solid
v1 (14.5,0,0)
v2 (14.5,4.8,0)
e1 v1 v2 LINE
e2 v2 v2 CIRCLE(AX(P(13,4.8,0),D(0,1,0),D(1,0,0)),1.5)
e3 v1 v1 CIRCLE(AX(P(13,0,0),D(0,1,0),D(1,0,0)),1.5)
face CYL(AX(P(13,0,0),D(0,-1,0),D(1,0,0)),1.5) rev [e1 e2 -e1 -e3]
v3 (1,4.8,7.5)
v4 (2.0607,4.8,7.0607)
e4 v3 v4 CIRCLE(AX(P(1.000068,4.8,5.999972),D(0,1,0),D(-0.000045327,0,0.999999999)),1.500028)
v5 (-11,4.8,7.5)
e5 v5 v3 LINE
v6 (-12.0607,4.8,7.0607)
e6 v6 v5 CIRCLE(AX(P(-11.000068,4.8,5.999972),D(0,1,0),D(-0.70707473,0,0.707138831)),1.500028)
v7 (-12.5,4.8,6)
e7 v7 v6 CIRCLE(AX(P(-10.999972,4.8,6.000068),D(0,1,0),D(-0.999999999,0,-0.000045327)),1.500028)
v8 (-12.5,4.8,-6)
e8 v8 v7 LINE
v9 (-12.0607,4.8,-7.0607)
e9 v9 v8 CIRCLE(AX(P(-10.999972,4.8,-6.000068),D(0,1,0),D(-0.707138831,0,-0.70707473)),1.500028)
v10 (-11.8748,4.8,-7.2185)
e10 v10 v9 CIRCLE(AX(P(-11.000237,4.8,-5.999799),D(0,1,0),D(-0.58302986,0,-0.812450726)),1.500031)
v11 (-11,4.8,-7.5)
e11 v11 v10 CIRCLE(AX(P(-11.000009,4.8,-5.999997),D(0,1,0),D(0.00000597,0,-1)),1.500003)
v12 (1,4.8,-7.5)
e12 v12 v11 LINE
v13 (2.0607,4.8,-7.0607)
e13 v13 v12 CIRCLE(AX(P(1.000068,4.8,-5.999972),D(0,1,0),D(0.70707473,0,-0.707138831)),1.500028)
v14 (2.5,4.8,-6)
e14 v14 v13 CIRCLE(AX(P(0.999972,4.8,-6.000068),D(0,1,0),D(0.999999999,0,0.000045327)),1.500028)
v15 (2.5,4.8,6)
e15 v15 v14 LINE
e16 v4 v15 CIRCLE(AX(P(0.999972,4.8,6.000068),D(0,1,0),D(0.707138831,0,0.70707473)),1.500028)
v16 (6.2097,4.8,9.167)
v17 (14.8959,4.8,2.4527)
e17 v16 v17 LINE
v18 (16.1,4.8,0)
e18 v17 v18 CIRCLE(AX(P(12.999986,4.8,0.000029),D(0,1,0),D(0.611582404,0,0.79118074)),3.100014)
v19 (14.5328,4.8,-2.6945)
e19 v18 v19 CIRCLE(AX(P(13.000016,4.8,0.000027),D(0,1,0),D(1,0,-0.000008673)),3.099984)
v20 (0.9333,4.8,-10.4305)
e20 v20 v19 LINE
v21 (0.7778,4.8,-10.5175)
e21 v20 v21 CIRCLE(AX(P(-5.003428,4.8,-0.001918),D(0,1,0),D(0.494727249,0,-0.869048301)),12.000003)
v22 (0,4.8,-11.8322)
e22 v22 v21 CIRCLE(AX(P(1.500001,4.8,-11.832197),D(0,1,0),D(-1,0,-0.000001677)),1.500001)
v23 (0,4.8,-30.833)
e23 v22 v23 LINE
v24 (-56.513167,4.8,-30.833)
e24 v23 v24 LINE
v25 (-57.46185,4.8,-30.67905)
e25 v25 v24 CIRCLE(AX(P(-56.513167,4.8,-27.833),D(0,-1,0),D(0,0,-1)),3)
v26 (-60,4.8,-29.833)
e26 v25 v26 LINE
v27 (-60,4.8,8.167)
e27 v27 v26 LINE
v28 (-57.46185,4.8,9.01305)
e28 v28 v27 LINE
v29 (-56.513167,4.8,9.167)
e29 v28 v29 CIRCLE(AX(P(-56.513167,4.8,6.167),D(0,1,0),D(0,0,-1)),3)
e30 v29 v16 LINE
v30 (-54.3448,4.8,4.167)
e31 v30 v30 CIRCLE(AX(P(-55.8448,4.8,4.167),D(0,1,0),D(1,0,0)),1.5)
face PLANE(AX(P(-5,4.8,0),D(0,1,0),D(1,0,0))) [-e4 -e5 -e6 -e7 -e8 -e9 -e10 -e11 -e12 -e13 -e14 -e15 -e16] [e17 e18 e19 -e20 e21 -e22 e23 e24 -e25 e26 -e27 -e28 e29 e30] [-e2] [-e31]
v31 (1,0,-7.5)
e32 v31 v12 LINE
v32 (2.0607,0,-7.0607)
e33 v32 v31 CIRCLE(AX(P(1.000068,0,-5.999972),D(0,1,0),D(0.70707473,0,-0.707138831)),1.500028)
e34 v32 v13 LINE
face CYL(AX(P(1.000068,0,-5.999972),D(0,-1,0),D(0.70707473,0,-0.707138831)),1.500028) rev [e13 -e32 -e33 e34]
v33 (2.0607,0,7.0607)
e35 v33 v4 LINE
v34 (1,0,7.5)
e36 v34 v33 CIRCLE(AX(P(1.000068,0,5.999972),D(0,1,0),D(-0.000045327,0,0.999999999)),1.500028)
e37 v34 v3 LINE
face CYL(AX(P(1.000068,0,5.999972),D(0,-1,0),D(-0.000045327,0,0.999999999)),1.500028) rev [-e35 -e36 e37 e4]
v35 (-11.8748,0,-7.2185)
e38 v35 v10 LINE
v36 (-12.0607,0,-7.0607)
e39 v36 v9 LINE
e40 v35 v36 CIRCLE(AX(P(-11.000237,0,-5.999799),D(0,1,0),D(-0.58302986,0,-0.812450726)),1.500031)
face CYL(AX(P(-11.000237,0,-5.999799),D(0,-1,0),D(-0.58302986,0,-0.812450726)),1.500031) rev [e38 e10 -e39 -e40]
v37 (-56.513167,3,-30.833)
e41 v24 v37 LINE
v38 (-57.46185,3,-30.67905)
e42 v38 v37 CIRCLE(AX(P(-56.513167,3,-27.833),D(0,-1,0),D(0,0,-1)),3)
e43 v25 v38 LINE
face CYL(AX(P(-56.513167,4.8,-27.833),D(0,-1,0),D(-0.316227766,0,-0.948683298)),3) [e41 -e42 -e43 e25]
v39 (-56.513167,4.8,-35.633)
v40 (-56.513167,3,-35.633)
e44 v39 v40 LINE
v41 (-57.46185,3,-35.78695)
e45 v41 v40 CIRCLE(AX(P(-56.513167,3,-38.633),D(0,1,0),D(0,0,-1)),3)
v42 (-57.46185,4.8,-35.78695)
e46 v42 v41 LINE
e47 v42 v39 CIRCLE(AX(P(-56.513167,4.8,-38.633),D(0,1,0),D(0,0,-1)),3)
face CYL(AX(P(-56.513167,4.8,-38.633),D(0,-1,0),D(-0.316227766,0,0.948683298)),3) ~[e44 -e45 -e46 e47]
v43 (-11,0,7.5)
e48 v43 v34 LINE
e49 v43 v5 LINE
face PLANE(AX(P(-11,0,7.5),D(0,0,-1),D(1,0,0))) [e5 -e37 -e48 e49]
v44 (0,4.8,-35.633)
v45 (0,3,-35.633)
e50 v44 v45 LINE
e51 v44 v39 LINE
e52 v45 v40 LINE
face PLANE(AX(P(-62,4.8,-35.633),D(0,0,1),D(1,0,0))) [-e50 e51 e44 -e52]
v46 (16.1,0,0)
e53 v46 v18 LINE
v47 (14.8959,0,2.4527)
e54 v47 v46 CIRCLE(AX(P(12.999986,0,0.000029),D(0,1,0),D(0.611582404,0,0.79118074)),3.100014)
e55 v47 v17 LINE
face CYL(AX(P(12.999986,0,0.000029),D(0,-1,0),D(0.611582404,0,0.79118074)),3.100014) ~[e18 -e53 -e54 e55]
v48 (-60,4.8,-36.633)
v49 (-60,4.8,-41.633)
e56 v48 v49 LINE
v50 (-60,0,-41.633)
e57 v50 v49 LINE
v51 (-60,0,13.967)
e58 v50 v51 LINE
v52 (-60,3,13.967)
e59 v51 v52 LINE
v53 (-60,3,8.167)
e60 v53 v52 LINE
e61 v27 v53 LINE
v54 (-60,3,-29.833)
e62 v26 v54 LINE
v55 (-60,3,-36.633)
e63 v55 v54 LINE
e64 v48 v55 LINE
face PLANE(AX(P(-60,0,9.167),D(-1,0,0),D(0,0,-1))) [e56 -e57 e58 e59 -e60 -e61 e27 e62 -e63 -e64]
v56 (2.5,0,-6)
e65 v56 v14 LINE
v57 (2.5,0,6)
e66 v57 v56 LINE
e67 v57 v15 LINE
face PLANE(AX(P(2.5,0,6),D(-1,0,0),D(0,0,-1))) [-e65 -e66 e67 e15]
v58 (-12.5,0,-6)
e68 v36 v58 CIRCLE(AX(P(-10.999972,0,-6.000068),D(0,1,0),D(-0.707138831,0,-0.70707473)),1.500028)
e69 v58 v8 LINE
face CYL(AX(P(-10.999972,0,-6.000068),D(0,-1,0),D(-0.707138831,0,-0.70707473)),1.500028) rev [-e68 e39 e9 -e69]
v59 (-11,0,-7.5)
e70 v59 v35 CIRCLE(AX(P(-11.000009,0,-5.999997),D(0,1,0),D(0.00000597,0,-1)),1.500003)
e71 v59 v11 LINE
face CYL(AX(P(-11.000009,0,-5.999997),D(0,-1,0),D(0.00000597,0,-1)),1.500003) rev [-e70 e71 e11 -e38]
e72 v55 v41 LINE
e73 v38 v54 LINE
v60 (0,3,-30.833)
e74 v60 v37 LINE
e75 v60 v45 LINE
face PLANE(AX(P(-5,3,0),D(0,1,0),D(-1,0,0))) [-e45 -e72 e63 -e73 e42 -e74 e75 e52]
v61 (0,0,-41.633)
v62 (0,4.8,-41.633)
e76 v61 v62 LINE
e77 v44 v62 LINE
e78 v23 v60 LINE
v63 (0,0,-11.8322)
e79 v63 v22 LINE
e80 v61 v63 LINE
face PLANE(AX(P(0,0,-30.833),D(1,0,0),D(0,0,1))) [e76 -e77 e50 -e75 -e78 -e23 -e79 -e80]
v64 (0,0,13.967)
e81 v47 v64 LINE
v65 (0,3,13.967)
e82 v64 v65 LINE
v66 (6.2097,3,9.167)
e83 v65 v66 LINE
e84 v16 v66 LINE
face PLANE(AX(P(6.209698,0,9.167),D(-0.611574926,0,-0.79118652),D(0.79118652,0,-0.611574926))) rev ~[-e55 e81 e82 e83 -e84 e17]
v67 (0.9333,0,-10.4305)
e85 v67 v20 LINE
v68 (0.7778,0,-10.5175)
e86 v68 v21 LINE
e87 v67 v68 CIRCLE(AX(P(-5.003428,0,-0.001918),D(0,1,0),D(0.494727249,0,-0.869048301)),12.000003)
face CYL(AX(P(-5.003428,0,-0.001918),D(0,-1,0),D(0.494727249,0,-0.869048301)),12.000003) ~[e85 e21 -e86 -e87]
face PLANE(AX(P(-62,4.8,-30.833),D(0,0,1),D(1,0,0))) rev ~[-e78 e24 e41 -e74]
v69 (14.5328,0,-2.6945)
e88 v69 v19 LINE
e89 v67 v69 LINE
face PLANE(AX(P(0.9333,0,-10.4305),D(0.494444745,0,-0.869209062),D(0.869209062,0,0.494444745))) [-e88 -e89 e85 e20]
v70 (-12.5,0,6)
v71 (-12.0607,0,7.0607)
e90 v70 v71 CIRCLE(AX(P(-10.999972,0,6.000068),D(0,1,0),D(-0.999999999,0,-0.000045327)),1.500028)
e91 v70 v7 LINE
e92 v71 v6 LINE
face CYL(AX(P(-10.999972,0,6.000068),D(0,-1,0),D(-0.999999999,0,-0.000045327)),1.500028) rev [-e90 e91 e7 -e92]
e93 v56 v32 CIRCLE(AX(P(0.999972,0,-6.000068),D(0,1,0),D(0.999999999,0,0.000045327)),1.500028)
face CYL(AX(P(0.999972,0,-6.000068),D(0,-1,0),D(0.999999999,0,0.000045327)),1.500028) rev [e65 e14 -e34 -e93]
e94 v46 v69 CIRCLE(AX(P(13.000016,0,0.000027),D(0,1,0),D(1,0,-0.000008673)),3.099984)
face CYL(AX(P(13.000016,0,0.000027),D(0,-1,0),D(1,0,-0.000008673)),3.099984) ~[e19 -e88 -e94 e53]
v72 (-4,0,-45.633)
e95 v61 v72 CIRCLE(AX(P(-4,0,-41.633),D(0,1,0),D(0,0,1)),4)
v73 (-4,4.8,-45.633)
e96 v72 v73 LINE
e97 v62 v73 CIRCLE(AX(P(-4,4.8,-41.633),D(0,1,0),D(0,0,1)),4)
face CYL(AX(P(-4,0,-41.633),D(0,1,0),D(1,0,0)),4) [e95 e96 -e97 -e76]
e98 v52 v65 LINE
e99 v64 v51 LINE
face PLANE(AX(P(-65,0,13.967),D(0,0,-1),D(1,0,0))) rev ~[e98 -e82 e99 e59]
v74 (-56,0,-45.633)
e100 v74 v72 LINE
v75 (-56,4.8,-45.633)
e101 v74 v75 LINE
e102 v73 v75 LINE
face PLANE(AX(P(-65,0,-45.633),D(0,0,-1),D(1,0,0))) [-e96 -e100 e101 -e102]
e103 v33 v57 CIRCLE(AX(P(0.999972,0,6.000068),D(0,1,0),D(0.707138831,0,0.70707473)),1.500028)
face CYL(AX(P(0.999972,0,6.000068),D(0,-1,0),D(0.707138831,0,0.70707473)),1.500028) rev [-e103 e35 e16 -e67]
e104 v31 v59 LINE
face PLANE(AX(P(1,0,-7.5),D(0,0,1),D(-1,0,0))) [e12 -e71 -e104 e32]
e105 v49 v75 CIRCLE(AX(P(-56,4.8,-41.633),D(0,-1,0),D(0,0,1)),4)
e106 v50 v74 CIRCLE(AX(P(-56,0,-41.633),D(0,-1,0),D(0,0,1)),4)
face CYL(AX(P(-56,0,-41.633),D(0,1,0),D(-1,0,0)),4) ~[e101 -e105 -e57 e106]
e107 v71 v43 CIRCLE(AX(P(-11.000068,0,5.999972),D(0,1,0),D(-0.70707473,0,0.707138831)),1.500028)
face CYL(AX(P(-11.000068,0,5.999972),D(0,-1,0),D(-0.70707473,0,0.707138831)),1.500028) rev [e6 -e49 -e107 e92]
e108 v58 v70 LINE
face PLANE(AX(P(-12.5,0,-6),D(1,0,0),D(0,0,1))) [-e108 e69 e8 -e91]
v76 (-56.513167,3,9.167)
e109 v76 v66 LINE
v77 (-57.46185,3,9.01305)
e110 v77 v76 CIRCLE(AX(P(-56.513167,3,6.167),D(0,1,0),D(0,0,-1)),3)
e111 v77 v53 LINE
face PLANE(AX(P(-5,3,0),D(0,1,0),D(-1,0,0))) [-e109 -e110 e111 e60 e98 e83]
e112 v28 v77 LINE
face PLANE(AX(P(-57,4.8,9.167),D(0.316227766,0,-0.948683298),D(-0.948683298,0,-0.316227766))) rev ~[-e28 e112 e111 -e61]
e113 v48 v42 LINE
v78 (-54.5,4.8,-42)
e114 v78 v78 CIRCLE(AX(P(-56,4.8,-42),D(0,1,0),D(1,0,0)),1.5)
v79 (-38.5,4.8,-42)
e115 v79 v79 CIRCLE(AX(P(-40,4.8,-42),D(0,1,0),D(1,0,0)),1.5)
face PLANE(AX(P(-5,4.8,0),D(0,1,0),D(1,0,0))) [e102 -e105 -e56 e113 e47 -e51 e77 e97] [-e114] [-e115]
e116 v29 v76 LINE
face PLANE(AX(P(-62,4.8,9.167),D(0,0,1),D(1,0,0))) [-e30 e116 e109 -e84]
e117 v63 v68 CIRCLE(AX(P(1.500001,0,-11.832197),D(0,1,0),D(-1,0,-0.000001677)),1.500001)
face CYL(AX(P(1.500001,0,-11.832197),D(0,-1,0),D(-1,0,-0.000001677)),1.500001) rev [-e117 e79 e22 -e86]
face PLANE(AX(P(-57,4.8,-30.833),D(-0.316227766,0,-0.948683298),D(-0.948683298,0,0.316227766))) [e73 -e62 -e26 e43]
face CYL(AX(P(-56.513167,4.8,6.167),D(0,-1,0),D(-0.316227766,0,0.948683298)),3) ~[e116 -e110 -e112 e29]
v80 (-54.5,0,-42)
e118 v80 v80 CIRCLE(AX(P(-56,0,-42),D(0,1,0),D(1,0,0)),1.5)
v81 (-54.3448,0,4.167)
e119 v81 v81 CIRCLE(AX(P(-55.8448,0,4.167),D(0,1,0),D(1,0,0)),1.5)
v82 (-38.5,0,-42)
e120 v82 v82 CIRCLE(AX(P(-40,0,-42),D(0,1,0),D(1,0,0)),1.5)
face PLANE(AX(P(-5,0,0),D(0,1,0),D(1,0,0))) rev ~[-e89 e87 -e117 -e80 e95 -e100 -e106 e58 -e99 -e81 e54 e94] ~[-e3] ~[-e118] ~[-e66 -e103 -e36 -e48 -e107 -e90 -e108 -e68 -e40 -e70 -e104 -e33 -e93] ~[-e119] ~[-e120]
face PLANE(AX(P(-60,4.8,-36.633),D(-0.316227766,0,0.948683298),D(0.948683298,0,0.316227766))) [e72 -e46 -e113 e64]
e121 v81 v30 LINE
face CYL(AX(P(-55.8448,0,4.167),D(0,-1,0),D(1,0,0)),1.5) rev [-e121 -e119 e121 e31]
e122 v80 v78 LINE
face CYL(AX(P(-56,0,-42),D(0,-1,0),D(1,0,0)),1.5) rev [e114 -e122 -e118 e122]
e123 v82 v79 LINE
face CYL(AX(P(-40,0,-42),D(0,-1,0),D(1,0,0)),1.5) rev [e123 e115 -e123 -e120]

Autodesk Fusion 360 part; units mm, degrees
sketch "Sketch1" plane through (0, 0, 0) normal (0, 1, 0) x (1, 0, 0)
  circle A0 centre (0, 0) radius 48 construction
  circle A1 centre (0, 0) radius 14 construction
  circle A2 centre (0, 0) radius 9.5 construction
  circle A3 centre (0, 0) radius 8 construction
  line L0 (0, 0) -> (8, 0) construction
  line L1 (0, 0) -> (0, -9.5) construction
  line L2 (0, 0) -> (-8, 0) construction
  line L3 (0, 0) -> (0, 9.5) construction
  circle A4 centre (8, 0) radius 1.5 construction
  circle A5 centre (-8, 0) radius 1.5 construction
  circle A6 centre (0, 9.5) radius 1.5 construction
  circle A7 centre (0, 0) radius 12 construction
  line L4 (8, 0) -> (18, 0) construction
  line L5 (21.1, 0) -> (19.55, 2.6847) construction
  line L6 (19.55, 2.6847) -> (16.45, 2.6847) construction
  line L7 (16.45, 2.6847) -> (14.9, 0) construction
  line L8 (14.9, 0) -> (16.45, -2.6847) construction
  line L9 (16.45, -2.6847) -> (19.55, -2.6847) construction
  line L10 (19.55, -2.6847) -> (21.1, 0) construction
  circle A8 centre (18, 0) radius 3.1 construction
  circle A9 centre (18, 0) radius 1.5
  line L11 (0, 52) -> (-68, 52) construction
  line L12 (-9.7468, 47) -> (-68, 47) construction
  line L13 (-68, 52) -> (-68, 47) construction
  line L14 (-68, 47) -> (-68, 35.633) construction
  line L15 (-68, 35.633) -> (-32.1604, 35.633) construction
  line L16 (-68, 35.633) -> (-68, 30.833) construction
  line L17 (-68, 30.833) -> (-36.7876, 30.833) construction
  line L18 (-68, 30.833) -> (-68, -9.167) construction
  line L19 (-60, -9.167) -> (-47.1165, -9.167)
  line L20 (-68, -9.167) -> (-68, -13.967) construction
  line L21 (-68, -13.967) -> (-45.923, -13.967) construction
  line L22 (-60, -13.967) -> (-60, 35.633)
  line L23 (5.9333, 10.4305) -> (19.5328, 2.6945)
  line L24 (-60, -13.967) -> (21.1, -13.967)
  line L25 (21.1, -13.967) -> (21.1, 0) construction
  arc A10 (21.1, 0) -> (19.5328, 2.6945) centre (18, 0) ccw
  line L26 (-60, 35.633) -> (5, 35.633)
  line L27 (5, 35.633) -> (5, 11.8322)
  arc A11 (5.9333, 10.4305) -> (5.7778, 10.5175) centre (0, 0) ccw
  arc A12 (5, 11.8322) -> (5.7778, 10.5175) centre (6.5, 11.8322) ccw
  arc A13 (5.7778, 10.5175) -> (7.9656, 11.513) centre (6.5, 11.8322) ccw construction
  arc A14 (5.4445, 12.898) -> (5, 11.8322) centre (6.5, 11.8322) ccw construction
  arc A15 (7.9656, 11.513) -> (5.4445, 12.898) centre (6.5, 11.8322) ccw construction
  line L28 (5, 11.8322) -> (5, 10.9087) construction
  arc A16 (5.7778, 10.5175) -> (5, 10.9087) centre (0, 0) ccw construction
  line L29 (-60, 30.833) -> (5, 30.833)
  line L30 (-47.1165, -9.167) -> (21.1, -9.167)
  line L31 (-60, 35.633) -> (-60, 45.633)
  line L32 (-60, 45.633) -> (5, 45.633)
  line L33 (5, 45.633) -> (5, 35.633)
  circle A17 centre (-56, 42) radius 1.5
  circle A18 centre (-40, 42) radius 1.5
  line L34 (-40, 42) -> (0, 0) construction
  circle A19 centre (-55.8448, -4.167) radius 1.5
  line L35 (0, 0) -> (-55.8448, -4.167) construction
  line L36 (-68, -9.167) -> (-60, -9.167) construction
  line L37 (-6, -7.5) -> (7.5, -7.5)
  line L38 (7.5, -7.5) -> (7.5, 7.5)
  line L39 (6, 7.5) -> (-7.5, 7.5)
  line L40 (-7.5, 7.5) -> (-7.5, -7.5)
  line L41 (-7.5, -7.5) -> (7.5, 7.5) construction
  line L42 (-7.5, 7.5) -> (7.5, -7.5) construction
  arc A20 (-7.5, -6) -> (-7.0607, -7.0607) centre (-6, -6) ccw
  arc A21 (-7.0607, -7.0607) -> (-6, -7.5) centre (-6, -6) ccw
  line L43 (-7.5, -7.5) -> (-6, -7.5)
  arc A22 (-6, -7.5) -> (-4.602, -6.5438) centre (-6, -6) ccw construction
  arc A23 (-4.9393, -4.9393) -> (-7.5, -6) centre (-6, -6) ccw construction
  arc A24 (-4.602, -6.5438) -> (-4.9393, -4.9393) centre (-6, -6) ccw construction
  arc A25 (6, -7.5) -> (7.0607, -7.0607) centre (6, -6) ccw
  arc A26 (7.0607, -7.0607) -> (7.5, -6) centre (6, -6) ccw
  arc A27 (7.5, -6) -> (6.5438, -4.602) centre (6, -6) ccw construction
  arc A28 (4.9393, -4.9393) -> (6, -7.5) centre (6, -6) ccw construction
  arc A29 (6.5438, -4.602) -> (4.9393, -4.9393) centre (6, -6) ccw construction
  arc A30 (7.0607, 7.0607) -> (6, 7.5) centre (6, 6) ccw
  arc A31 (7.5, 6) -> (7.0607, 7.0607) centre (6, 6) ccw
  arc A32 (6, 7.5) -> (6.5438, 4.602) centre (6, 6) ccw construction
  arc A33 (7.4916, 5.8417) -> (7.5, 6) centre (6, 6) ccw construction
  arc A34 (6.5438, 4.602) -> (7.4916, 5.8417) centre (6, 6) ccw construction
  arc A35 (-7.0607, 7.0607) -> (-7.5, 6) centre (-6, 6) ccw
  arc A36 (-6.8748, 7.2185) -> (-7.0607, 7.0607) centre (-6, 6) ccw
  arc A37 (-6, 7.5) -> (-6.8748, 7.2185) centre (-6, 6) ccw
  arc A38 (-7.5, 6) -> (-4.8256, 5.0669) centre (-6, 6) ccw construction
  arc A39 (-4.602, 6.5438) -> (-6, 7.5) centre (-6, 6) ccw construction
  arc A40 (-4.8256, 5.0669) -> (-4.602, 6.5438) centre (-6, 6) ccw construction
  line L44 (7.5, 7.5) -> (6, 7.5)
  line L45 (5, 11.8322) -> (5, -13.967) construction
  line L46 (5, -13.967) -> (19.8959, -2.4527)
  line L47 (18, 0) -> (21.1, 0) construction
  line L48 (18, 0) -> (19.8959, -2.4527) construction
  arc A41 (19.8959, -2.4527) -> (21.1, 0) centre (18, 0) ccw
  point P0 (18, 0)
  point P1 (-33.1034, 34.7586)
  point P2 (-47.8669, -3.5717)
  dimension "d1" = 96
  dimension "d2" = 28
  dimension "d3" = 19
  dimension "d4" = 16
  dimension "d5" = 3
  dimension "d6" = 3
  dimension "d7" = 3
  dimension "d8" = 24
  dimension "d9" = 18
  dimension "d10" = 3.1
  dimension "d11" = 60
  dimension "d12" = 3
  dimension "d13" = 52
  dimension "d14" = 68
  dimension "d15" = 68
  dimension "d18" = 5
  dimension "d22" = 16.367
  dimension "d23" = 4.8
  dimension "d24" = 40
  dimension "d25" = 4.8
  dimension "d26" = 8
  dimension "d27" = 3.1
  dimension "d28" = 5
  dimension "d33" = 12
  dimension "d34" = 3
  dimension "d35" = 10
  dimension "d36" = 3
  dimension "d37" = 12
  dimension "d38" = 5
  dimension "d39" = 3
  dimension "d40" = 5
  dimension "d41" = 10
  dimension "d42" = 3
  dimension "d43" = 5
  dimension "d44" = 8
  dimension "d66" = 7.5
  dimension "d67" = 7.5
  dimension "d68" = 15
  dimension "d69" = 15
  dimension "d70" = 3
  dimension "d71" = 3
  dimension "d72" = 3
  dimension "d73" = 3
extrude "Extrude1" add sketch "Sketch1" along normal blind 4.8 contours L19 L22 L23 A10 L27 A11 A12 L29 L30 L46 A41 | L19 L22 L24 L30 L46 | L22 L26 L27 L29 | L26 L31 L32 L33 | L40 A20 A21 L43 | L37 L38 A25 A26 | L39 L40 A35 A36 A37 | L38 A30 A31 L44 makes body 1
fillet "Fillet1" radius 4 2 edges at (5, 2.4, -45.633) (-60, 2.4, -45.633) on bodies 1
sketch "Sketch2" plane through (0, 4.8, 0) normal (0, 1, 0) x (-1, 0, 0)
  arc A0 (56, -45.633) -> (60, -41.633) centre (56, -41.633) ccw
  line L0 (60, -41.633) -> (60, 13.967)
  line L1 (60, 13.967) -> (-5, 13.967)
  arc A1 (-19.8959, 2.4527) -> (-19.5328, -2.6945) centre (-18, 0) ccw
  line L2 (-19.5328, -2.6945) -> (-5.9333, -10.4305)
  arc A2 (-5.9333, -10.4305) -> (-5.7778, -10.5175) centre (0, 0) ccw
  arc A3 (-5, -11.8322) -> (-5.7778, -10.5175) centre (-6.5, -11.8322) ccw
  line L3 (-5, -11.8322) -> (-5, -41.633)
  arc A4 (-5, -41.633) -> (-1, -45.633) centre (-1, -41.633) ccw
  line L4 (-1, -45.633) -> (56, -45.633)
  circle A5 centre (40, -42) radius 1.5
  circle A6 centre (56, -42) radius 1.5
  line L5 (47.1165, 9.167) -> (-21.1, 9.167)
  line L6 (60, 9.167) -> (47.1165, 9.167)
  line L7 (60, -30.833) -> (-5, -30.833)
  line L8 (60, -35.633) -> (-5, -35.633)
  line L9 (-5, 13.967) -> (60, 13.967)
  line L10 (60, 13.967) -> (60, 9.167)
  line L11 (57, 9.167) -> (-5, 9.167)
  line L12 (-5, 9.167) -> (-5, 13.967)
  line L13 (-5, -30.833) -> (57, -30.833)
  line L14 (60, -30.833) -> (60, -35.633)
  line L15 (57, -35.633) -> (-5, -35.633)
  line L16 (-5, -35.633) -> (-5, -30.833)
  line L17 (57, 9.167) -> (60, 8.167)
  line L18 (60, 8.167) -> (60, 9.167)
  line L19 (60, 9.167) -> (57, 9.167) construction
  line L20 (57, -30.833) -> (60, -29.833)
  line L21 (60, -30.833) -> (60, -29.833)
  line L22 (60, -35.633) -> (60, -36.633)
  line L23 (60, -36.633) -> (57, -35.633)
  line L24 (57, -35.633) -> (57, -30.833) construction
  line L25 (57, 9.167) -> (57, -30.833) construction
  line L26 (57, -30.833) -> (60, -30.833) construction
  line L27 (60, -35.633) -> (57, -35.633) construction
  line L28 (-5, 13.967) -> (-19.8959, 2.4527)
  circle A7 centre (-18, 0) radius 1.5
  arc A8 (6, -7.5) -> (7.5, -6) centre (6, -6) ccw
  line L29 (6, -7.5) -> (-6, -7.5)
  arc A9 (-7.5, -6) -> (-6, -7.5) centre (-6, -6) ccw
  line L30 (-7.5, -6) -> (-7.5, 6)
  arc A10 (-6, 7.5) -> (-7.5, 6) centre (-6, 6) ccw
  line L31 (-6, 7.5) -> (6, 7.5)
  arc A11 (7.5, 6) -> (6, 7.5) centre (6, 6) ccw
  line L32 (7.5, 6) -> (7.5, -6)
  circle A12 centre (55.8448, 4.167) radius 1.5
  line L33 (-5, 9.167) -> (-11.2097, 9.167)
  line L34 (-5, 13.967) -> (-11.2097, 9.167)
  dimension "d60" = 3
  dimension "d61" = 1
  dimension "d62" = 1
  dimension "d63" = 1
extrude "Extrude4" cut sketch "Sketch2" against normal blind 1.8 contours L0 L8 L22 L23 | L0 L3 L7 L8 L13 L14 L15 L16 | L0 L7 L20 L21 | L0 L6 L17 L18 | L0 L1 L5 L6 L9 L10 L11 L12 | L5 L12 L28 L33 L34 bodies 1
fillet "Fillet2" radius 3 3 edges at (-57, 3.9, 9.167) (-57, 3.9, -30.833) (-57, 3.9, -35.633) on bodies 1
ref_plane "WorkPlane1" through (-30, 0, 0) normal (1, 0, 0) x (0, 1, 0)
ref_plane "WorkPlane2" through (-25, 0, 0) normal (1, 0, 0) x (0, 1, 0)
split "Split1" by plane through (-30, 0, 0) normal (1, 0, 0) bodies 1 makes body 2 at (-11.8075, 0, -32.9017)
split "Split2" by plane through (-25, 0, 0) normal (1, 0, 0) bodies 2 makes body 3 at (-8.8075, 0, -31.5684)
delete_body "RemoveBody1" bodies 2
move_body "Move1" bodies 3 to x (1, 0, 0) y (0, 1, 0) z (0, 0, 1) at (-5, 0, 0)
combine "Combine1" operation add target body 1 tool bodies 3
